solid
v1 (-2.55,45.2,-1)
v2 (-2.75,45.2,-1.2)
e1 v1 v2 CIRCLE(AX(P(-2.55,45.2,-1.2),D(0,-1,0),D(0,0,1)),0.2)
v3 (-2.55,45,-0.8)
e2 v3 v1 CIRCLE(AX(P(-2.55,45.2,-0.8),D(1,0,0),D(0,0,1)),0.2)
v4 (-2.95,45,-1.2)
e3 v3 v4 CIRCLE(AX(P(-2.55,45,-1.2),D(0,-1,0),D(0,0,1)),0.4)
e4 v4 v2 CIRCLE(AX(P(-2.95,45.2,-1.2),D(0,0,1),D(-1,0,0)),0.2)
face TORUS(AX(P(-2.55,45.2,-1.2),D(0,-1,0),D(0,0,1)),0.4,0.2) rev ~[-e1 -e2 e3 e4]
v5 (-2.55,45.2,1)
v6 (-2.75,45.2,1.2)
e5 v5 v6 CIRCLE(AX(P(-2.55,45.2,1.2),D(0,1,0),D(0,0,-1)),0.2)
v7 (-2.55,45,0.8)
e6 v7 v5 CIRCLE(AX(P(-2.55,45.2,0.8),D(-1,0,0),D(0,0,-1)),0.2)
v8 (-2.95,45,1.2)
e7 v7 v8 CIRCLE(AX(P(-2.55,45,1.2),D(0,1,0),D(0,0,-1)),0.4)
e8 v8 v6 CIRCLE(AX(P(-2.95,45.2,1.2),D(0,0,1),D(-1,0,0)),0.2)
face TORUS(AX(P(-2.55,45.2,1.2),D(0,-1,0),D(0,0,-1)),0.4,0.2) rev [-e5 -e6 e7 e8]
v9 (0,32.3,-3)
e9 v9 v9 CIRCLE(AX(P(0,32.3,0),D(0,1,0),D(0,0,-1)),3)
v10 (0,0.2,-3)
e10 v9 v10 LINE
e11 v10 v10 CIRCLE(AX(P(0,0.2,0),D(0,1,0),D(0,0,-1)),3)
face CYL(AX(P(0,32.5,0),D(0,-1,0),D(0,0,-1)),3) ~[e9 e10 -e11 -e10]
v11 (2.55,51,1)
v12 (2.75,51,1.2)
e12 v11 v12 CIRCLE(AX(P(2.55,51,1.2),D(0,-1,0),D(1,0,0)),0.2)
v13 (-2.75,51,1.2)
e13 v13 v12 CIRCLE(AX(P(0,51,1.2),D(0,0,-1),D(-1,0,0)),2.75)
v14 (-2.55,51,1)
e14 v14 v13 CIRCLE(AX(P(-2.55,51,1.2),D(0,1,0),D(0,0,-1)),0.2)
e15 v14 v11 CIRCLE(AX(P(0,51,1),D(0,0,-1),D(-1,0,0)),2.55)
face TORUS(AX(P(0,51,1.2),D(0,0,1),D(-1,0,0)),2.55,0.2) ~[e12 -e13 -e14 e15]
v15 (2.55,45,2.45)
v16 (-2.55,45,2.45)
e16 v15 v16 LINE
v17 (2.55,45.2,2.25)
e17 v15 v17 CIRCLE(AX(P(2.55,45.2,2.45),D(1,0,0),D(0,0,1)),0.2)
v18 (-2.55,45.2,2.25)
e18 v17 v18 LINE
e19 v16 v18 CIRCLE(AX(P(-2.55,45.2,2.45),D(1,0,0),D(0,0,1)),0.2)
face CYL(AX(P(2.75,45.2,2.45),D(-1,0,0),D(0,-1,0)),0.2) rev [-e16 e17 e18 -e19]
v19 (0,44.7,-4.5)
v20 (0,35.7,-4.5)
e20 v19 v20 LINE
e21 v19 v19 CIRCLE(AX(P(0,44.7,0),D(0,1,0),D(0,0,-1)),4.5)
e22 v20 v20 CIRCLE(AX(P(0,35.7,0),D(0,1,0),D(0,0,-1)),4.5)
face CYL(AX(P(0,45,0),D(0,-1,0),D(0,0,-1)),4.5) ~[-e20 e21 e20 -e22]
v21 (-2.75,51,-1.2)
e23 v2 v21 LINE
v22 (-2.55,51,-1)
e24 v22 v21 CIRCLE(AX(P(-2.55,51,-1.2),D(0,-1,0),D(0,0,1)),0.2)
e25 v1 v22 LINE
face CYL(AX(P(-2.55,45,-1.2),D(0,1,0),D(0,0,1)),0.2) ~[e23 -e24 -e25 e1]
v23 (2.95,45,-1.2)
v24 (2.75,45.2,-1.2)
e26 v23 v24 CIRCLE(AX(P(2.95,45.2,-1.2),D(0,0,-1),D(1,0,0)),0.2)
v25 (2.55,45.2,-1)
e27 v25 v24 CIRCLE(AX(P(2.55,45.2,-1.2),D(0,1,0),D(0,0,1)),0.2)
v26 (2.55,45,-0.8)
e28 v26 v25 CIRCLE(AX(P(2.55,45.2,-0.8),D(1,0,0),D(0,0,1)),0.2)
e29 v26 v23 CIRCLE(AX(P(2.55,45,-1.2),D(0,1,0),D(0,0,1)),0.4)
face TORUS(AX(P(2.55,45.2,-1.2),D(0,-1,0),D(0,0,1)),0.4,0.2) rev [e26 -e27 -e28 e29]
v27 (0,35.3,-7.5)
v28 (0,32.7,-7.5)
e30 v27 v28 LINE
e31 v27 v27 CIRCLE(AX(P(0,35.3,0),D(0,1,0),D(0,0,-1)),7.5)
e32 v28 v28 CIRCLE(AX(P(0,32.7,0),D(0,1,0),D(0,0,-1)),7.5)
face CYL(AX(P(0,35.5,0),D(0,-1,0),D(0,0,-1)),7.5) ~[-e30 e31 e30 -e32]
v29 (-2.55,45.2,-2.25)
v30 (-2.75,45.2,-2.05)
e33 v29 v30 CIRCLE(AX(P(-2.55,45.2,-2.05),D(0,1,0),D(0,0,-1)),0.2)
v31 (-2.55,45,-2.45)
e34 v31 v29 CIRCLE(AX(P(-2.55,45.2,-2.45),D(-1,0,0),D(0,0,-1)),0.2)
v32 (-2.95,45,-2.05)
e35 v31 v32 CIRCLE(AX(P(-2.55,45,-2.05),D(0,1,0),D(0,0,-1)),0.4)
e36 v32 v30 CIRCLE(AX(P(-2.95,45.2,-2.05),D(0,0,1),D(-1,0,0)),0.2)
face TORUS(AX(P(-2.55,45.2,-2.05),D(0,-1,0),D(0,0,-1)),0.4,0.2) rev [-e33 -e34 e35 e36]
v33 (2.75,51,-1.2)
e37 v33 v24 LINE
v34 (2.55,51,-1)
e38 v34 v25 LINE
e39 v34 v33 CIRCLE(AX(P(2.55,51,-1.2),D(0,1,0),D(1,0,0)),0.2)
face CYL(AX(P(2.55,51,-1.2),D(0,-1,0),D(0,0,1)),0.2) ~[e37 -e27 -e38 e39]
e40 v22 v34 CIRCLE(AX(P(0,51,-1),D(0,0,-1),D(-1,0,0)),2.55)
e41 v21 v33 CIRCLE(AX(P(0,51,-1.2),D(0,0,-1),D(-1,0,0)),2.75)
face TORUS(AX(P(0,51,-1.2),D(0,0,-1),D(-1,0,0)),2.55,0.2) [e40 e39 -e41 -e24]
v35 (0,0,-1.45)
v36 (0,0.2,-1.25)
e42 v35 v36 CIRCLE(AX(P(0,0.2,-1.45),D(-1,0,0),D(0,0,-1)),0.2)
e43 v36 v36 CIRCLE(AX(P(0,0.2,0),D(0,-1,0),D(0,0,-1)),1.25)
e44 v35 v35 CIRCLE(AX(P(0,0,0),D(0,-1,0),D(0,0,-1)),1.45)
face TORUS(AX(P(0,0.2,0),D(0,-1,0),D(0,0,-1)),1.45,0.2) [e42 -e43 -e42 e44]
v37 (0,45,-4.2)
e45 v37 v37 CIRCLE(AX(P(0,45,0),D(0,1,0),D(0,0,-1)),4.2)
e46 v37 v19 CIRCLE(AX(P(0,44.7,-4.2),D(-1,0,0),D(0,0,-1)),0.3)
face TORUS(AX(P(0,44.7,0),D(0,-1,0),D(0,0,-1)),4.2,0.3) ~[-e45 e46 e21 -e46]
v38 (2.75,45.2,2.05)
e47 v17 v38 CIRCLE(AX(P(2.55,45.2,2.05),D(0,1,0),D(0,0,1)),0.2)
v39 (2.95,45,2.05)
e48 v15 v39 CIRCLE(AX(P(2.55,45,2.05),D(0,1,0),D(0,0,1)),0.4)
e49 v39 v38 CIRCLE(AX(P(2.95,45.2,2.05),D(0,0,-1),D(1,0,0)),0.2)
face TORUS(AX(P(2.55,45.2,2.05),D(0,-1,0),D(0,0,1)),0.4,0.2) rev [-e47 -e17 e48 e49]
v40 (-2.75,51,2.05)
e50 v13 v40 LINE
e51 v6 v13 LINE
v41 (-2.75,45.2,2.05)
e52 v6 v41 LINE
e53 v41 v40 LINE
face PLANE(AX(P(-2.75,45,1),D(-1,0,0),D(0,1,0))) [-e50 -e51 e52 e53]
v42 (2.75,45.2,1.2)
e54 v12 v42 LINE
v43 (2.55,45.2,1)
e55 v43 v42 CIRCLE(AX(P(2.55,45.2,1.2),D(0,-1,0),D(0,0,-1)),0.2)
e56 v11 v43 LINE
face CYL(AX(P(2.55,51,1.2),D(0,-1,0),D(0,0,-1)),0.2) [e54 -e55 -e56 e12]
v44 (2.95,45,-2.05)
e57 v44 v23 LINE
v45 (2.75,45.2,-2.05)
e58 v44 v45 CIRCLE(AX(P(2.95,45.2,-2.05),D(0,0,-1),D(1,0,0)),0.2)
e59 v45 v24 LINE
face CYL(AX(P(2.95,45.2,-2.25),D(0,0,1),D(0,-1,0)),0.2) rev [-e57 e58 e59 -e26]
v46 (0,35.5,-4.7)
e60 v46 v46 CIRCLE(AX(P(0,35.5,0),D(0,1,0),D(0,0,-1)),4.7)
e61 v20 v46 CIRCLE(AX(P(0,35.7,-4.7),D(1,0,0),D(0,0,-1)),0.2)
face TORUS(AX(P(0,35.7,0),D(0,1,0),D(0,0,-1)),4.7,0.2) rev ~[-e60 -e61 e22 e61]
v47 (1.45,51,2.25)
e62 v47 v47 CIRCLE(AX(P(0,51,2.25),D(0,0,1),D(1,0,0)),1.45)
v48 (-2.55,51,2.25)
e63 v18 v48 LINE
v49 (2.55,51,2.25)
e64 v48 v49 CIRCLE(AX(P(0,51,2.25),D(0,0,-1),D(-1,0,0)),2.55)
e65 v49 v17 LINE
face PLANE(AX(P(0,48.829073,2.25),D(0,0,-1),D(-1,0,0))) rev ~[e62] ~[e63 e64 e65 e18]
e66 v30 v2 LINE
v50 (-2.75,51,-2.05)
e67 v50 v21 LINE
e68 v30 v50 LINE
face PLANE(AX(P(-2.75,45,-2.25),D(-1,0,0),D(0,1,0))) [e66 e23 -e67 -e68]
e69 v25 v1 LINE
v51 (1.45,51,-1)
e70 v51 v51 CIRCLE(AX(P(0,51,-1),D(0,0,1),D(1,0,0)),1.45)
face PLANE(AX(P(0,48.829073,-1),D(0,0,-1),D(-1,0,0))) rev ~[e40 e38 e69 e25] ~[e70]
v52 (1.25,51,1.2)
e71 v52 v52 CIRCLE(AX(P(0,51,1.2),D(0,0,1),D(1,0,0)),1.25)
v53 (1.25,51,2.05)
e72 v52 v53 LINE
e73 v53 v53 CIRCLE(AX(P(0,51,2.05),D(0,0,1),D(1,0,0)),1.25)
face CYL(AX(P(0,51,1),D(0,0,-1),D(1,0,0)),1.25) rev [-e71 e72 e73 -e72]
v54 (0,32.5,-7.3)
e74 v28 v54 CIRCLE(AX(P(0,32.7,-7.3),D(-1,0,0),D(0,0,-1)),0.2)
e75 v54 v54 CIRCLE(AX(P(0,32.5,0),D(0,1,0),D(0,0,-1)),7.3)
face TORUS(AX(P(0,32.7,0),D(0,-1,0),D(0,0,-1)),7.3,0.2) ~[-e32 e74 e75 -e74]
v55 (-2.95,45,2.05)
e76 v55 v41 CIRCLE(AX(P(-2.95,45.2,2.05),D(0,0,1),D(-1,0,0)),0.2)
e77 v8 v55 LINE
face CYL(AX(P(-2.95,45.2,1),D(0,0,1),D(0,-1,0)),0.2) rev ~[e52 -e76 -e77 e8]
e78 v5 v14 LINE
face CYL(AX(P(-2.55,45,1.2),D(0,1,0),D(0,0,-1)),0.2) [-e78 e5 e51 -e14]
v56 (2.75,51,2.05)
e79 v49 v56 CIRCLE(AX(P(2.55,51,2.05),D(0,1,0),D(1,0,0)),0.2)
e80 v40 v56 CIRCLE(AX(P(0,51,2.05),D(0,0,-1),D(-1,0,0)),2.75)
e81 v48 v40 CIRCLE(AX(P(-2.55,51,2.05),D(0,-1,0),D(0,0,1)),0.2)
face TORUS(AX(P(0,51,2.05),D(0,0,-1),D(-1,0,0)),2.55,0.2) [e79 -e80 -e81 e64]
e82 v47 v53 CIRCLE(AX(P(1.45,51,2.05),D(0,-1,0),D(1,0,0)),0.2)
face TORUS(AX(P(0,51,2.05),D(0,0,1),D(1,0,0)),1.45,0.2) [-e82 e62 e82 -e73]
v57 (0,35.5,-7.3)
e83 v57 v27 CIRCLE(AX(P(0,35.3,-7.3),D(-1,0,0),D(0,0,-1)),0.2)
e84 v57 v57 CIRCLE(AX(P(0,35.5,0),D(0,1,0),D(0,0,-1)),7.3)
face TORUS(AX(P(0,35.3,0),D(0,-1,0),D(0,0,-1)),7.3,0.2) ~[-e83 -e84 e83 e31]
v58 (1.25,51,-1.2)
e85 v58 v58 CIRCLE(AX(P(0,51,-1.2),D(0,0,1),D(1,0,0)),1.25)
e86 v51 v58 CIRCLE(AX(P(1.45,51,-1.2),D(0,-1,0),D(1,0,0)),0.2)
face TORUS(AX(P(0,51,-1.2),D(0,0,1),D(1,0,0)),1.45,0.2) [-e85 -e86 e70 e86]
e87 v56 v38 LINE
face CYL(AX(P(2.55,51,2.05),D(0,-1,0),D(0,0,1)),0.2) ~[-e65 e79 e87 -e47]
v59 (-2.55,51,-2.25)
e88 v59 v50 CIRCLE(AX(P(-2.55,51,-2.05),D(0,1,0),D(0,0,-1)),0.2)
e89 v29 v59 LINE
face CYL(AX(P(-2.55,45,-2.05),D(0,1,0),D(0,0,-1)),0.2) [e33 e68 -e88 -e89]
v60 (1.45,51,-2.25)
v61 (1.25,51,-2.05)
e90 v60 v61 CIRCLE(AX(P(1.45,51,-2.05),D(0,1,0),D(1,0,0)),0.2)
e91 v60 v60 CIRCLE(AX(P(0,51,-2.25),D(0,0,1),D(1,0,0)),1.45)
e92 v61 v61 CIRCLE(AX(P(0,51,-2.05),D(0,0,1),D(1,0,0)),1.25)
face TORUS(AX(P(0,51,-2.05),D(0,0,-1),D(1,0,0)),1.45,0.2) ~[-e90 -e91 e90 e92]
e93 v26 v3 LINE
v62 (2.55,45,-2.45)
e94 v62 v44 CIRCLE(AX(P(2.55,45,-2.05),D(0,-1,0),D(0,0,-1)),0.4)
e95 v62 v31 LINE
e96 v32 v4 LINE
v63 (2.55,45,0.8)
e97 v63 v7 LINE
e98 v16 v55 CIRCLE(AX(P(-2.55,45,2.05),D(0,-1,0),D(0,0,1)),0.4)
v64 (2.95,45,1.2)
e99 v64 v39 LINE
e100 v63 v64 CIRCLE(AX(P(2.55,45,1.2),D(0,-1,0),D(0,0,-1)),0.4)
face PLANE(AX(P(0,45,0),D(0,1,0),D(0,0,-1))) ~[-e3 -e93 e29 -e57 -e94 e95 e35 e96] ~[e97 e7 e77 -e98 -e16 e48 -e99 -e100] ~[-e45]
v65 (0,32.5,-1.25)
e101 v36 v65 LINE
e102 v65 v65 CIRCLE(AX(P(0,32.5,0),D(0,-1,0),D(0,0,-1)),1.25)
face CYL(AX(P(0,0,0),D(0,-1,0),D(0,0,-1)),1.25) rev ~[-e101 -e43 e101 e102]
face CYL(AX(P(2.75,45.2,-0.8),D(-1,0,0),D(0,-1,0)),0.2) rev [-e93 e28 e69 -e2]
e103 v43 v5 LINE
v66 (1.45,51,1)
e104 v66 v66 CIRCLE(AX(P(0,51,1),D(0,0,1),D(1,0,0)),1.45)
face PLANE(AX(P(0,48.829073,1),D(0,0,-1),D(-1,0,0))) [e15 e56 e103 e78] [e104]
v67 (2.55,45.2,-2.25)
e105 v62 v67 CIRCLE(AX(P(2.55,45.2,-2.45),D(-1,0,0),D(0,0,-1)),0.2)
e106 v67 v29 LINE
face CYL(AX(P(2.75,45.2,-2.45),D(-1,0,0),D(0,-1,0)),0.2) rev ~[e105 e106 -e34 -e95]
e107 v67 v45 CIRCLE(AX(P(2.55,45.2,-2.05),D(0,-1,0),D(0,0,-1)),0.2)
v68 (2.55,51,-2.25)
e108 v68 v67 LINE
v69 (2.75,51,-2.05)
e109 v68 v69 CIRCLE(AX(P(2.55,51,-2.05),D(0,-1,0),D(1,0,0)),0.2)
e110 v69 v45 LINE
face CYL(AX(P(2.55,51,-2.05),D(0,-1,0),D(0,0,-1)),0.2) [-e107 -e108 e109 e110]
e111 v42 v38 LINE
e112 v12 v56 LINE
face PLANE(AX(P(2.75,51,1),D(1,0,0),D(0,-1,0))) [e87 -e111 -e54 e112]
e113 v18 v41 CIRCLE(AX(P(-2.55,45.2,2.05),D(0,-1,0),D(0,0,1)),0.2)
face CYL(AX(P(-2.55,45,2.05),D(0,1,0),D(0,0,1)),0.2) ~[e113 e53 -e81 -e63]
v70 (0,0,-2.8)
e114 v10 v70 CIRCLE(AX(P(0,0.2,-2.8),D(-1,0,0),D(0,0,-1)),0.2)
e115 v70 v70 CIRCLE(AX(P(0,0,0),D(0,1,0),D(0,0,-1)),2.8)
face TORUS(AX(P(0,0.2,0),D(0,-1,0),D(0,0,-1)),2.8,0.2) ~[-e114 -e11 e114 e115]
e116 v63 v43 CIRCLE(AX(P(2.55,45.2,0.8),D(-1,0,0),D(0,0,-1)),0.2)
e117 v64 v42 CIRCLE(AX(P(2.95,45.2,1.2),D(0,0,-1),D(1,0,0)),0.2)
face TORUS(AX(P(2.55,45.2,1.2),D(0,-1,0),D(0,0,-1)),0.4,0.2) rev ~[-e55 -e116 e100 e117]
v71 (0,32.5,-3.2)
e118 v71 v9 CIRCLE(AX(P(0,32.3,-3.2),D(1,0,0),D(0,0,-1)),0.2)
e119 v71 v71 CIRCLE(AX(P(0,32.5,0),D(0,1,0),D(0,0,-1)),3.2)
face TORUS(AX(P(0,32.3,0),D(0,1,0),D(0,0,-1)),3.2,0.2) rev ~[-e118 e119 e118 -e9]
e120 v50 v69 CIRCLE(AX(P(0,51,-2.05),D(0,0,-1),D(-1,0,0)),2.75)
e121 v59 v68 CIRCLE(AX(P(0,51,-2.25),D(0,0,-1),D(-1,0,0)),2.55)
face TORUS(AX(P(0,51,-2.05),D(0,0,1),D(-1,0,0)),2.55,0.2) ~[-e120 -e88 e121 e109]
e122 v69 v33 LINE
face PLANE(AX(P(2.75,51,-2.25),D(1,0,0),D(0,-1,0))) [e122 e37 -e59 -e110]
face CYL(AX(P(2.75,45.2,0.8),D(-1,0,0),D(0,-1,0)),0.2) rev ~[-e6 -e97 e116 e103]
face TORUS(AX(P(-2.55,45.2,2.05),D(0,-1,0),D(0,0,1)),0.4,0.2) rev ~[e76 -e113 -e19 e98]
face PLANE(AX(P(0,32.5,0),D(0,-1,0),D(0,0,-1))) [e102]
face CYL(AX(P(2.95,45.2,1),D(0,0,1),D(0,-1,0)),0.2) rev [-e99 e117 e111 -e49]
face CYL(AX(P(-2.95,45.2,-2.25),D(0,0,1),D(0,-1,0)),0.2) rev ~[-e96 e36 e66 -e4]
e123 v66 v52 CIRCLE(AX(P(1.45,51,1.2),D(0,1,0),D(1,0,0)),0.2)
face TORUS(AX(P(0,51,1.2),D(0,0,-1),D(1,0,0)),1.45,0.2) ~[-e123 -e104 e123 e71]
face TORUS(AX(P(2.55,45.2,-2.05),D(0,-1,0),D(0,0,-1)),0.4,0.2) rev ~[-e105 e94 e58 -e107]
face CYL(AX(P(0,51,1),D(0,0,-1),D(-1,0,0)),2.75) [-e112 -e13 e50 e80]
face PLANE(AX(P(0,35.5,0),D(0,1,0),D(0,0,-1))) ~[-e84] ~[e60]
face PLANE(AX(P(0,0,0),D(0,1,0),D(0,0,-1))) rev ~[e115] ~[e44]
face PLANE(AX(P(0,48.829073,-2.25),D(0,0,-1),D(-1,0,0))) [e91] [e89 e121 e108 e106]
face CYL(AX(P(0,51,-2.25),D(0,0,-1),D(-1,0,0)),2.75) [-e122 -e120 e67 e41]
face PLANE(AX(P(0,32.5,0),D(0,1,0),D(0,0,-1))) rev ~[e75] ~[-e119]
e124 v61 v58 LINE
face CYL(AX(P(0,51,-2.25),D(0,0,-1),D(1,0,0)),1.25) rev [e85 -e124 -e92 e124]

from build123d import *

# Parameters (mm, degrees)
BOSS_EXTRUDE2_START = 1
SKETCH2_R           = 1.25
BOSS_EXTRUDE2_DEPTH = 1.25
BOSS_EXTRUDE3_START = -2.25
SKETCH2_2_R         = 1.25
BOSS_EXTRUDE3_DEPTH = 1.25
FILLET1_R           = 0.3
SKETCH4_R           = 1.25
CUT_EXTRUDE1_DEPTH  = 32.5
FILLET2_R           = 0.2
FILLET3_R           = 0.2


with BuildPart() as part:
    # Sketch1 → Revolve1 (revolve)
    with BuildSketch(Plane.XY):
        Polygon((0, 0), (0, 45), (-4.5, 45), (-4.5, 35.5), (-7.5, 35.5), (-7.5, 32.5), (-3, 32.5), (-3, 0), align=None)
    revolve(axis=Axis((0, 0, 0), (0, 1, 0)))

    # Sketch2 → Boss-Extrude2 (add)
    with BuildSketch(Plane.XY.offset(BOSS_EXTRUDE2_START)):
        with BuildLine():
            Line((2.75, 51), (2.75, 45))
            Line((2.75, 45), (-2.75, 45))
            Line((-2.75, 45), (-2.75, 51))
            ThreePointArc((-2.75, 51), (0, 53.75), (2.75, 51))
        make_face()
        with Locations((0, 51)):
            Circle(SKETCH2_R, mode=Mode.SUBTRACT)
    extrude(amount=BOSS_EXTRUDE2_DEPTH)

    # Sketch2<2> → Boss-Extrude3 (add)
    with BuildSketch(Plane.XY.offset(BOSS_EXTRUDE3_START)):
        with BuildLine():
            Line((2.75, 51), (2.75, 45))
            Line((2.75, 45), (-2.75, 45))
            Line((-2.75, 45), (-2.75, 51))
            ThreePointArc((-2.75, 51), (0, 53.75), (2.75, 51))
        make_face()
        with Locations((0, 51)):
            Circle(SKETCH2_2_R, mode=Mode.SUBTRACT)
    extrude(amount=BOSS_EXTRUDE3_DEPTH)

    # Fillet1
    fillet1_edges = [part.edges().sort_by_distance(p)[0] for p in [
        (4.5, 45, 0),
    ]]
    fillet(fillet1_edges, radius=FILLET1_R)

    # Sketch4 → Cut-Extrude1 (cut)
    with BuildSketch(Plane.XZ):
        Circle(SKETCH4_R)
    extrude(amount=-CUT_EXTRUDE1_DEPTH, mode=Mode.SUBTRACT)

    # Fillet2
    fillet2_edges = [part.edges().sort_by_distance(p)[0] for p in [
        (-1.25, 51, 1),
        (-1.25, 51, 2.25),
        (0, 53.75, 1),
        (-2.75, 48, 1),
        (0, 45, 1),
        (0, 53.75, 2.25),
        (-2.75, 48, 2.25),
        (0, 45, 2.25),
        (2.75, 48, 2.25),
        (2.75, 45, 1.625),
        (-2.75, 45, 1.625),
        (2.75, 48, 1),
        (-1.25, 51, -1),
        (-1.25, 51, -2.25),
        (0, 53.75, -1),
        (-2.75, 48, -1),
        (0, 45, -1),
        (2.75, 48, -1),
        (0, 53.75, -2.25),
        (-2.75, 48, -2.25),
        (0, 45, -2.25),
        (-2.75, 45, -1.625),
        (2.75, 45, -1.625),
        (2.75, 48, -2.25),
    ]]
    fillet(fillet2_edges, radius=FILLET2_R)

    # Fillet3
    fillet3_edges = [part.edges().sort_by_distance(p)[0] for p in [
        (3, 0, 0),
        (-1.25, 0, 0),
        (3, 32.5, 0),
        (7.5, 32.5, 0),
        (4.5, 35.5, 0),
        (7.5, 35.5, 0),
    ]]
    fillet(fillet3_edges, radius=FILLET3_R)


solid = part.part
